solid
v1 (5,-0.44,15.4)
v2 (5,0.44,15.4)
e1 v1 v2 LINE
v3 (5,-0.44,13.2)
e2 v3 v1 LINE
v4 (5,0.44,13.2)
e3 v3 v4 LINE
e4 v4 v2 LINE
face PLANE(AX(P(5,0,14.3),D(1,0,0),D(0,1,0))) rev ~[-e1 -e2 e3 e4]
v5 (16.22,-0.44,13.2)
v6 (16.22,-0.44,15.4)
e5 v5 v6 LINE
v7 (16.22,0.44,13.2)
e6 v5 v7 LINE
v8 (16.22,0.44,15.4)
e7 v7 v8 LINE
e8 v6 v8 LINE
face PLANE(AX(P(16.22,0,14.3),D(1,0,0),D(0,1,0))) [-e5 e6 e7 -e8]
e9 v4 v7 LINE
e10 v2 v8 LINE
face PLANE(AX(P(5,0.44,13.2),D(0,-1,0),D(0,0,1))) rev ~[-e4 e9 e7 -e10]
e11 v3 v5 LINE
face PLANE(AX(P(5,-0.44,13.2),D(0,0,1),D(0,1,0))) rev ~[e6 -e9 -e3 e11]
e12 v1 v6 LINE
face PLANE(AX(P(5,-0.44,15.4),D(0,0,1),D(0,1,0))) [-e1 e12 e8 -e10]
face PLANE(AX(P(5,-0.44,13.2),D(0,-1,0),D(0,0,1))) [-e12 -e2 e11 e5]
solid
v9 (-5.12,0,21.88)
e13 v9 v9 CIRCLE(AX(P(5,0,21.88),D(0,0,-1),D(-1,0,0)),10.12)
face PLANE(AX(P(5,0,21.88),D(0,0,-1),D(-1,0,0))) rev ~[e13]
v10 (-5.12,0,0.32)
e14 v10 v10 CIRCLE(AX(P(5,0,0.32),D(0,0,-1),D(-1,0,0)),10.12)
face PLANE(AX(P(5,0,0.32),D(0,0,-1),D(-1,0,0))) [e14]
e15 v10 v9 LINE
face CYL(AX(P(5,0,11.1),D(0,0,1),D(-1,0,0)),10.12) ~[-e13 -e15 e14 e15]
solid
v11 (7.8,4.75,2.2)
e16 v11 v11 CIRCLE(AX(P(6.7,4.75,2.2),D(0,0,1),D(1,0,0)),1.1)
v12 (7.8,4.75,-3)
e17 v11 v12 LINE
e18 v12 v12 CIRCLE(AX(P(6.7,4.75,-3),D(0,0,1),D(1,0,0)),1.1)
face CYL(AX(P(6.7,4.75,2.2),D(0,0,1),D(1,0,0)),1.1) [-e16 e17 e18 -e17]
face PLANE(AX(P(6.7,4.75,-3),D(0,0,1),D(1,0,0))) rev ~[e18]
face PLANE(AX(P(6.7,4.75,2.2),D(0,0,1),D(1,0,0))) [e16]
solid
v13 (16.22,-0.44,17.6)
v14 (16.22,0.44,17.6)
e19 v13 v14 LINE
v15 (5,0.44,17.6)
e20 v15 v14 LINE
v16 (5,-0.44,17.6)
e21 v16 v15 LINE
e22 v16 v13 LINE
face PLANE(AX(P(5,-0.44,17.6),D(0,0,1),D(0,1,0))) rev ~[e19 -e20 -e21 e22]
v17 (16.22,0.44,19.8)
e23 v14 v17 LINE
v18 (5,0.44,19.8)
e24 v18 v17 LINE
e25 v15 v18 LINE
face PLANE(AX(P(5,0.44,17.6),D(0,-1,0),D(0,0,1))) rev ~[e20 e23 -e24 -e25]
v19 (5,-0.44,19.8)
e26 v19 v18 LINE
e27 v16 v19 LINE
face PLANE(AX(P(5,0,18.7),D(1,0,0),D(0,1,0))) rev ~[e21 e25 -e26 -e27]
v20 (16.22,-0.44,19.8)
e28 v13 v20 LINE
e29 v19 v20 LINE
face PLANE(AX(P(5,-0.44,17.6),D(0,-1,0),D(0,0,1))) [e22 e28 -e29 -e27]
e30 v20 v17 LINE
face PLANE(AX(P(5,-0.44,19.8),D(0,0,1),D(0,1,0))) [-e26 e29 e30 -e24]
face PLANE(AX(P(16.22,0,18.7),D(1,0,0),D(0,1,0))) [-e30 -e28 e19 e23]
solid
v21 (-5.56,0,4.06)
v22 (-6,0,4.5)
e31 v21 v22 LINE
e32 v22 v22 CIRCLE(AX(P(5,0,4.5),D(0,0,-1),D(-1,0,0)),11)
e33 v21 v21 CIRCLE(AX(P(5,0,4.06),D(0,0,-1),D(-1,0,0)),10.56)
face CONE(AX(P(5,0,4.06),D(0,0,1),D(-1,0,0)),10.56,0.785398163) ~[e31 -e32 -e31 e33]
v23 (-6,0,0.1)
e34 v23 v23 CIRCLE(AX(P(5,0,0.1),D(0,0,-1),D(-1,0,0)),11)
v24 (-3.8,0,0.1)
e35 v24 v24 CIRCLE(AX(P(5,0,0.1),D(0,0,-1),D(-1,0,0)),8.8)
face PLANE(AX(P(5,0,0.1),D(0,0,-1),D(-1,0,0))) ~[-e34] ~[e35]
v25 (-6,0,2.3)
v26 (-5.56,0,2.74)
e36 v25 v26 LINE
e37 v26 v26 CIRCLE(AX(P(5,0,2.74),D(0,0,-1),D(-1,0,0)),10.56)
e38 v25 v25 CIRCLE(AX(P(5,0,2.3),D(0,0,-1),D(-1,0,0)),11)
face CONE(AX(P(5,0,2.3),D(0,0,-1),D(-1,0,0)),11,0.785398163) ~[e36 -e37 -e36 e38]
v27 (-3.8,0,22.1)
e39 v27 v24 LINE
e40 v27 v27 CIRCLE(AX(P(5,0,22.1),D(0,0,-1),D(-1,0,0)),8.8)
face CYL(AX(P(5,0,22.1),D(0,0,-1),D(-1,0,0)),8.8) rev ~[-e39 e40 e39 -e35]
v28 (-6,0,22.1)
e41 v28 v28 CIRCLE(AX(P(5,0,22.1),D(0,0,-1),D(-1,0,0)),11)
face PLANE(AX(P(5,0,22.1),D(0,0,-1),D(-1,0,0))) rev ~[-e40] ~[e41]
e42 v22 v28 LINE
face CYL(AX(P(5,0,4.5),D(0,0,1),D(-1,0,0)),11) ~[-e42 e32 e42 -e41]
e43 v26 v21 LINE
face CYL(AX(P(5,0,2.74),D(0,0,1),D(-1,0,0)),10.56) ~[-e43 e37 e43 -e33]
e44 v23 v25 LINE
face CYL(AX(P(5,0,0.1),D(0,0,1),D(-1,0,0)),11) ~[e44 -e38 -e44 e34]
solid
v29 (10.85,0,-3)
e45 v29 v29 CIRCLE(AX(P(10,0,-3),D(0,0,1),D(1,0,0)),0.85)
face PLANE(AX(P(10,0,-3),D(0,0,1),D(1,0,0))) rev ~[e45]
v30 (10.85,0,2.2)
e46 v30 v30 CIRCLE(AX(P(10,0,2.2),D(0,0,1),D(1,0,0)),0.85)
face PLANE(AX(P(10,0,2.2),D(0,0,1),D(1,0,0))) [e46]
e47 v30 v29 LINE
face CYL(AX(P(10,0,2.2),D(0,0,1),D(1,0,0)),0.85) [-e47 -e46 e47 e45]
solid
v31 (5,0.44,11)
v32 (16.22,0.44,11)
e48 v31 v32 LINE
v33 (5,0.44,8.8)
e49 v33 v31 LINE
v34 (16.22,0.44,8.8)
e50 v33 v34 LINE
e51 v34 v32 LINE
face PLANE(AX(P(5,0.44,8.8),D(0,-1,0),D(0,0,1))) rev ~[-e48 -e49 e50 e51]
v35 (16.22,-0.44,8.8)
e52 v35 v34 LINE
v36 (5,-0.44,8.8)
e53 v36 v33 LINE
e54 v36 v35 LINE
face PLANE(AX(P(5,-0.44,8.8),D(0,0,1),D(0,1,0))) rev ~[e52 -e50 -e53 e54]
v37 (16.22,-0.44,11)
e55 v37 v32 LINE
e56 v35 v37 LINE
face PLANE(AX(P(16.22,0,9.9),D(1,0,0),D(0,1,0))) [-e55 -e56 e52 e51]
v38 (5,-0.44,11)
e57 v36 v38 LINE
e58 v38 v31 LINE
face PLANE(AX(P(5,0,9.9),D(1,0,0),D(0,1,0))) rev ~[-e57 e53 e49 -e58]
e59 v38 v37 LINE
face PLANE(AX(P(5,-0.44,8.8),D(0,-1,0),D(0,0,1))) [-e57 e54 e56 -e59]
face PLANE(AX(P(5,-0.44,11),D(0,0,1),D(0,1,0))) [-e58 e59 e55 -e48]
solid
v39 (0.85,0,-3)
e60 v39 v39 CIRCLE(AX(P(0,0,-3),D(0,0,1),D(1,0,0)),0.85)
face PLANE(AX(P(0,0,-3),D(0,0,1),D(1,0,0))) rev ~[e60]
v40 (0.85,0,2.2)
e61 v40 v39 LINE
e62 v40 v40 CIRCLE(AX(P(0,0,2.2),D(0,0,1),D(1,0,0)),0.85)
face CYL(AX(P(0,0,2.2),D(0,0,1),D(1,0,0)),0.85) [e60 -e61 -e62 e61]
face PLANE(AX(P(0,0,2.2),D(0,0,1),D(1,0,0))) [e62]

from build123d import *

# Parameters (mm, degrees)
SKETCH002_W   = 10.12
SKETCH002_H   = 21.56
SKETCH003_R   = 0.85
SKETCH003_R_2 = 1.1
PAD_DEPTH     = 5.2
SKETCH004_W   = 0.88
SKETCH004_H   = 2.2
PAD001_DEPTH  = 11.22


with BuildPart() as revolution:
    # Sketch → Revolution (revolve)
    with BuildSketch(Plane.XZ):
        Polygon((-6, 0.1), (-6, 2.3), (-5.56, 2.74), (-5.56, 4.06), (-6, 4.5), (-6, 22.1), (-3.8, 22.1), (-3.8, 0.1), align=None)
    revolve(axis=Axis((5, 0, 7.548619), (0, 0, -1)))


with BuildPart() as revolution001:
    # Sketch002 → Revolution001 (revolve)
    with BuildSketch(Plane.XZ):
        with Locations((-0.06, 11.1)):
            Rectangle(SKETCH002_W, SKETCH002_H)
    revolve(axis=Axis((5, 0, 4.680116), (0, 0, -1)))


with BuildPart() as pad:
    # Sketch003 → Pad (new body)
    with BuildSketch(Plane.XY.offset(2.2)):
        Circle(SKETCH003_R)
        with Locations((10, 0)):
            Circle(SKETCH003_R)
        with Locations((6.7, 4.75)):
            Circle(SKETCH003_R_2)
    extrude(amount=-PAD_DEPTH)


with BuildPart() as pad001:
    # Sketch004 → Pad001 (new body)
    with BuildSketch(Plane.YZ.offset(5)):
        with Locations((0, 9.9)):
            Rectangle(SKETCH004_W, SKETCH004_H)
        with Locations((0, 14.3)):
            Rectangle(SKETCH004_W, SKETCH004_H)
        with Locations((0, 18.7)):
            Rectangle(SKETCH004_W, SKETCH004_H)
    extrude(amount=PAD001_DEPTH)


solid = Compound([revolution.part, revolution001.part, pad.part, pad001.part])
